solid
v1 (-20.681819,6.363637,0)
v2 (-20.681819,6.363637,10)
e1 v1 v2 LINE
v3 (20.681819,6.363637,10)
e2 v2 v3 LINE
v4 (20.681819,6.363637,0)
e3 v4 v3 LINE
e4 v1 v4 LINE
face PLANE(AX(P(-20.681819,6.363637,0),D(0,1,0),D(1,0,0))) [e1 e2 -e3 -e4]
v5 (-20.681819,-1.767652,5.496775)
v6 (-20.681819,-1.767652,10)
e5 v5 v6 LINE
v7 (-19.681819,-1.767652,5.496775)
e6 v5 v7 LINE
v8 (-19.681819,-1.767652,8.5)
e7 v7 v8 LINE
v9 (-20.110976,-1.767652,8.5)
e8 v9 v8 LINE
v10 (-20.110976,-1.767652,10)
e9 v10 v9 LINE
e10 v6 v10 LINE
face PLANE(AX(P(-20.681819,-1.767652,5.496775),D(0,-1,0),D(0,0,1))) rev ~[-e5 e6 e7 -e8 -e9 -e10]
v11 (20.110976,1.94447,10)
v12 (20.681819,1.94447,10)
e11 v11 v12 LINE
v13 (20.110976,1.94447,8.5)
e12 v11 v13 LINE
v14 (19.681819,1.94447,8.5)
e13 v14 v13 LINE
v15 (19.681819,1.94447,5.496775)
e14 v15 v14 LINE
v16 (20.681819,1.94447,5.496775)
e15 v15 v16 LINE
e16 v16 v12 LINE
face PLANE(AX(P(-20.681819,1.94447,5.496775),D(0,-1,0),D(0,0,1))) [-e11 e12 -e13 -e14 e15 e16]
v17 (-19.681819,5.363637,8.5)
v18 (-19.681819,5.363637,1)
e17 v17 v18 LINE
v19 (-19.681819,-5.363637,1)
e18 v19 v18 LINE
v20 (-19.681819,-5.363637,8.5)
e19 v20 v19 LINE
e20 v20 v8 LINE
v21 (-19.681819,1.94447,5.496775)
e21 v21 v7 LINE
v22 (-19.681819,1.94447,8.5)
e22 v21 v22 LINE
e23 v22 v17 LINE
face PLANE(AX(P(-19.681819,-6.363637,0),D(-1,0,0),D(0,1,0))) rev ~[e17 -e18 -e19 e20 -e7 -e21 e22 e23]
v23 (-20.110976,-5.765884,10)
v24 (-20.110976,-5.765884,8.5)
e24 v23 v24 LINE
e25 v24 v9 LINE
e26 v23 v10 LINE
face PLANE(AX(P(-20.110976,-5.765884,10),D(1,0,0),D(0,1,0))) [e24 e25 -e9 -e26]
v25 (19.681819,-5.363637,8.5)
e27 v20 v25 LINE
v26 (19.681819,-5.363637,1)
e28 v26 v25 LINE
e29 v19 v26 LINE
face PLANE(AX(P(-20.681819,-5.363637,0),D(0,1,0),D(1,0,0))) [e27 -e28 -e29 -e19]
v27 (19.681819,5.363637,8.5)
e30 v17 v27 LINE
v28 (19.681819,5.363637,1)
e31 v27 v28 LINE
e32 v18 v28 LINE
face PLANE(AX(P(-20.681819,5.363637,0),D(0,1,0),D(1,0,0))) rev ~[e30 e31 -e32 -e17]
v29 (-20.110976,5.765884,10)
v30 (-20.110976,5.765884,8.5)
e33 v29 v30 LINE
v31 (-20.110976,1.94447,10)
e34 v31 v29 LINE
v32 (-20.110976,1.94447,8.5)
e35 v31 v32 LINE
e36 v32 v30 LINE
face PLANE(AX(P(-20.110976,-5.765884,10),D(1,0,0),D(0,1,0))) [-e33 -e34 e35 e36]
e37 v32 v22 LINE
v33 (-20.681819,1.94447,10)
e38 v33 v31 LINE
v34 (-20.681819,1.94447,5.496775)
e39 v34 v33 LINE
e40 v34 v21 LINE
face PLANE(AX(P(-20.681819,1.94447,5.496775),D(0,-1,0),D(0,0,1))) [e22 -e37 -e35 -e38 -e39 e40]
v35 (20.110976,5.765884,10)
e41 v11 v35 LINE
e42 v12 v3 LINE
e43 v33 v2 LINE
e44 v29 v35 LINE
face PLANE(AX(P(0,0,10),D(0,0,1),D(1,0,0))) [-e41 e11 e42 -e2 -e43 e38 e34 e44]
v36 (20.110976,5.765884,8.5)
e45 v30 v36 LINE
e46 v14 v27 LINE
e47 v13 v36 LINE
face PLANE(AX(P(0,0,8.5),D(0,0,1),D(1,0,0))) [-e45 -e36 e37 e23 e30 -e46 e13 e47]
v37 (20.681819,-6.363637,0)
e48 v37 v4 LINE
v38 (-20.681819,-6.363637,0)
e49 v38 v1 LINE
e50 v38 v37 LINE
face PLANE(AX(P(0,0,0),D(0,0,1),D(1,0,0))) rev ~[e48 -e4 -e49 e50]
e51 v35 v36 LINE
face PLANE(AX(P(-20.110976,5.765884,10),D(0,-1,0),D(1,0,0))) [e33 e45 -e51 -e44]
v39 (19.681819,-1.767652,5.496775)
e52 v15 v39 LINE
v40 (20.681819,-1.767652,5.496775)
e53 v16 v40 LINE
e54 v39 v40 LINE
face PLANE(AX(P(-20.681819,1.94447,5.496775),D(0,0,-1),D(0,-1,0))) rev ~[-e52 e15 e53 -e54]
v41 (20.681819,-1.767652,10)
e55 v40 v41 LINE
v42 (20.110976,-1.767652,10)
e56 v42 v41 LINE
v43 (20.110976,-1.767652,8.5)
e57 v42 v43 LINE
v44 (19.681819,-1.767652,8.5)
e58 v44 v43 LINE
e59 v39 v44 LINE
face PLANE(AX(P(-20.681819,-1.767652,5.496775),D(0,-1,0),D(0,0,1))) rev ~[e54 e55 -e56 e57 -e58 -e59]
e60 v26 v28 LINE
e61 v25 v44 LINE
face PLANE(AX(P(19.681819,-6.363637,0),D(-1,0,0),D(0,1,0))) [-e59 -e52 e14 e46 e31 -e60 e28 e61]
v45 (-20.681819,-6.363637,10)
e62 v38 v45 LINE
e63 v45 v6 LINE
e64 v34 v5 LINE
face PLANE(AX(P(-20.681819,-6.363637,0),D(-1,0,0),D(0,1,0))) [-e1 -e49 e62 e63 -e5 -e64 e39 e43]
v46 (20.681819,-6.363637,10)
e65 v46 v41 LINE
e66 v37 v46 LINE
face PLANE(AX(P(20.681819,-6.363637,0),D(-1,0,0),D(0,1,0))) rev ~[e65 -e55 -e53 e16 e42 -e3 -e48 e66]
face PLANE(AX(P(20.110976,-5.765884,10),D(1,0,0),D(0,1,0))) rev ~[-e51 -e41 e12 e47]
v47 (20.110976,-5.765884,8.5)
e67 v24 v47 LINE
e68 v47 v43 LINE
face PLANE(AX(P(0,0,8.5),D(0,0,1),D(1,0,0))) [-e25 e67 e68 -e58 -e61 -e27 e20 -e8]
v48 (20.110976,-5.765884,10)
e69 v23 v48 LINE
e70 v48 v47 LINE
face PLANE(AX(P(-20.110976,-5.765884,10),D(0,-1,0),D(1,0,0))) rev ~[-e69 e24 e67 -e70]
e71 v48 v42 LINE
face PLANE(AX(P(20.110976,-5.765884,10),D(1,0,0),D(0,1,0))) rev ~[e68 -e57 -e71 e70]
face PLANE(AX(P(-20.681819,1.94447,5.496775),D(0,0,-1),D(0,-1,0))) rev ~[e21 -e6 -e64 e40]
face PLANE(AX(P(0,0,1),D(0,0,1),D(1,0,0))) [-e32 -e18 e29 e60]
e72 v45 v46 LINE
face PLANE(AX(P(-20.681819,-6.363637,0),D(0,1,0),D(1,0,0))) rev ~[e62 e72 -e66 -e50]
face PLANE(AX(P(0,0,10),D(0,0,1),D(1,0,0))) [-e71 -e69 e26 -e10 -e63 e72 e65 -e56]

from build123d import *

# Parameters (mm, degrees)
F0_W     = 41.3636378944
F0_H     = 12.7272736281
F1_DEPTH = 10
F2_T     = -1
F3_W     = 40.2219519019
F3_H     = 11.5317674354
F4_DEPTH = 1.5
F5_W     = 3.7121215137
F5_H     = 4.5032251999
F6_DEPTH = 60


with BuildPart() as f1:
    # F0 (on Top) → F1 (new body)
    with BuildSketch(Plane.XY):
        Rectangle(F0_W, F0_H)
    extrude(amount=F1_DEPTH)

    # F2
    f2_openings = [f1.faces().sort_by_distance(p)[0] for p in [
        (0, 0, 10),
    ]]
    offset(amount=F2_T, openings=f2_openings)

    # F3 (on face) → F4 (cut)
    with BuildSketch(Plane.XY.offset(10)):
        Rectangle(F3_W, F3_H)
    extrude(amount=-F4_DEPTH, mode=Mode.SUBTRACT)

    # F5 (on face) → F6 (cut)
    with BuildSketch(Plane(origin=(-20.6818189472, 0, 0), x_dir=(0, -1, 0), z_dir=(-1, 0, 0))):
        with Locations((-0.0884092296, 7.7483874001)):
            Rectangle(F5_W, F5_H)
    extrude(amount=-F6_DEPTH, mode=Mode.SUBTRACT)


solid = f1.part
